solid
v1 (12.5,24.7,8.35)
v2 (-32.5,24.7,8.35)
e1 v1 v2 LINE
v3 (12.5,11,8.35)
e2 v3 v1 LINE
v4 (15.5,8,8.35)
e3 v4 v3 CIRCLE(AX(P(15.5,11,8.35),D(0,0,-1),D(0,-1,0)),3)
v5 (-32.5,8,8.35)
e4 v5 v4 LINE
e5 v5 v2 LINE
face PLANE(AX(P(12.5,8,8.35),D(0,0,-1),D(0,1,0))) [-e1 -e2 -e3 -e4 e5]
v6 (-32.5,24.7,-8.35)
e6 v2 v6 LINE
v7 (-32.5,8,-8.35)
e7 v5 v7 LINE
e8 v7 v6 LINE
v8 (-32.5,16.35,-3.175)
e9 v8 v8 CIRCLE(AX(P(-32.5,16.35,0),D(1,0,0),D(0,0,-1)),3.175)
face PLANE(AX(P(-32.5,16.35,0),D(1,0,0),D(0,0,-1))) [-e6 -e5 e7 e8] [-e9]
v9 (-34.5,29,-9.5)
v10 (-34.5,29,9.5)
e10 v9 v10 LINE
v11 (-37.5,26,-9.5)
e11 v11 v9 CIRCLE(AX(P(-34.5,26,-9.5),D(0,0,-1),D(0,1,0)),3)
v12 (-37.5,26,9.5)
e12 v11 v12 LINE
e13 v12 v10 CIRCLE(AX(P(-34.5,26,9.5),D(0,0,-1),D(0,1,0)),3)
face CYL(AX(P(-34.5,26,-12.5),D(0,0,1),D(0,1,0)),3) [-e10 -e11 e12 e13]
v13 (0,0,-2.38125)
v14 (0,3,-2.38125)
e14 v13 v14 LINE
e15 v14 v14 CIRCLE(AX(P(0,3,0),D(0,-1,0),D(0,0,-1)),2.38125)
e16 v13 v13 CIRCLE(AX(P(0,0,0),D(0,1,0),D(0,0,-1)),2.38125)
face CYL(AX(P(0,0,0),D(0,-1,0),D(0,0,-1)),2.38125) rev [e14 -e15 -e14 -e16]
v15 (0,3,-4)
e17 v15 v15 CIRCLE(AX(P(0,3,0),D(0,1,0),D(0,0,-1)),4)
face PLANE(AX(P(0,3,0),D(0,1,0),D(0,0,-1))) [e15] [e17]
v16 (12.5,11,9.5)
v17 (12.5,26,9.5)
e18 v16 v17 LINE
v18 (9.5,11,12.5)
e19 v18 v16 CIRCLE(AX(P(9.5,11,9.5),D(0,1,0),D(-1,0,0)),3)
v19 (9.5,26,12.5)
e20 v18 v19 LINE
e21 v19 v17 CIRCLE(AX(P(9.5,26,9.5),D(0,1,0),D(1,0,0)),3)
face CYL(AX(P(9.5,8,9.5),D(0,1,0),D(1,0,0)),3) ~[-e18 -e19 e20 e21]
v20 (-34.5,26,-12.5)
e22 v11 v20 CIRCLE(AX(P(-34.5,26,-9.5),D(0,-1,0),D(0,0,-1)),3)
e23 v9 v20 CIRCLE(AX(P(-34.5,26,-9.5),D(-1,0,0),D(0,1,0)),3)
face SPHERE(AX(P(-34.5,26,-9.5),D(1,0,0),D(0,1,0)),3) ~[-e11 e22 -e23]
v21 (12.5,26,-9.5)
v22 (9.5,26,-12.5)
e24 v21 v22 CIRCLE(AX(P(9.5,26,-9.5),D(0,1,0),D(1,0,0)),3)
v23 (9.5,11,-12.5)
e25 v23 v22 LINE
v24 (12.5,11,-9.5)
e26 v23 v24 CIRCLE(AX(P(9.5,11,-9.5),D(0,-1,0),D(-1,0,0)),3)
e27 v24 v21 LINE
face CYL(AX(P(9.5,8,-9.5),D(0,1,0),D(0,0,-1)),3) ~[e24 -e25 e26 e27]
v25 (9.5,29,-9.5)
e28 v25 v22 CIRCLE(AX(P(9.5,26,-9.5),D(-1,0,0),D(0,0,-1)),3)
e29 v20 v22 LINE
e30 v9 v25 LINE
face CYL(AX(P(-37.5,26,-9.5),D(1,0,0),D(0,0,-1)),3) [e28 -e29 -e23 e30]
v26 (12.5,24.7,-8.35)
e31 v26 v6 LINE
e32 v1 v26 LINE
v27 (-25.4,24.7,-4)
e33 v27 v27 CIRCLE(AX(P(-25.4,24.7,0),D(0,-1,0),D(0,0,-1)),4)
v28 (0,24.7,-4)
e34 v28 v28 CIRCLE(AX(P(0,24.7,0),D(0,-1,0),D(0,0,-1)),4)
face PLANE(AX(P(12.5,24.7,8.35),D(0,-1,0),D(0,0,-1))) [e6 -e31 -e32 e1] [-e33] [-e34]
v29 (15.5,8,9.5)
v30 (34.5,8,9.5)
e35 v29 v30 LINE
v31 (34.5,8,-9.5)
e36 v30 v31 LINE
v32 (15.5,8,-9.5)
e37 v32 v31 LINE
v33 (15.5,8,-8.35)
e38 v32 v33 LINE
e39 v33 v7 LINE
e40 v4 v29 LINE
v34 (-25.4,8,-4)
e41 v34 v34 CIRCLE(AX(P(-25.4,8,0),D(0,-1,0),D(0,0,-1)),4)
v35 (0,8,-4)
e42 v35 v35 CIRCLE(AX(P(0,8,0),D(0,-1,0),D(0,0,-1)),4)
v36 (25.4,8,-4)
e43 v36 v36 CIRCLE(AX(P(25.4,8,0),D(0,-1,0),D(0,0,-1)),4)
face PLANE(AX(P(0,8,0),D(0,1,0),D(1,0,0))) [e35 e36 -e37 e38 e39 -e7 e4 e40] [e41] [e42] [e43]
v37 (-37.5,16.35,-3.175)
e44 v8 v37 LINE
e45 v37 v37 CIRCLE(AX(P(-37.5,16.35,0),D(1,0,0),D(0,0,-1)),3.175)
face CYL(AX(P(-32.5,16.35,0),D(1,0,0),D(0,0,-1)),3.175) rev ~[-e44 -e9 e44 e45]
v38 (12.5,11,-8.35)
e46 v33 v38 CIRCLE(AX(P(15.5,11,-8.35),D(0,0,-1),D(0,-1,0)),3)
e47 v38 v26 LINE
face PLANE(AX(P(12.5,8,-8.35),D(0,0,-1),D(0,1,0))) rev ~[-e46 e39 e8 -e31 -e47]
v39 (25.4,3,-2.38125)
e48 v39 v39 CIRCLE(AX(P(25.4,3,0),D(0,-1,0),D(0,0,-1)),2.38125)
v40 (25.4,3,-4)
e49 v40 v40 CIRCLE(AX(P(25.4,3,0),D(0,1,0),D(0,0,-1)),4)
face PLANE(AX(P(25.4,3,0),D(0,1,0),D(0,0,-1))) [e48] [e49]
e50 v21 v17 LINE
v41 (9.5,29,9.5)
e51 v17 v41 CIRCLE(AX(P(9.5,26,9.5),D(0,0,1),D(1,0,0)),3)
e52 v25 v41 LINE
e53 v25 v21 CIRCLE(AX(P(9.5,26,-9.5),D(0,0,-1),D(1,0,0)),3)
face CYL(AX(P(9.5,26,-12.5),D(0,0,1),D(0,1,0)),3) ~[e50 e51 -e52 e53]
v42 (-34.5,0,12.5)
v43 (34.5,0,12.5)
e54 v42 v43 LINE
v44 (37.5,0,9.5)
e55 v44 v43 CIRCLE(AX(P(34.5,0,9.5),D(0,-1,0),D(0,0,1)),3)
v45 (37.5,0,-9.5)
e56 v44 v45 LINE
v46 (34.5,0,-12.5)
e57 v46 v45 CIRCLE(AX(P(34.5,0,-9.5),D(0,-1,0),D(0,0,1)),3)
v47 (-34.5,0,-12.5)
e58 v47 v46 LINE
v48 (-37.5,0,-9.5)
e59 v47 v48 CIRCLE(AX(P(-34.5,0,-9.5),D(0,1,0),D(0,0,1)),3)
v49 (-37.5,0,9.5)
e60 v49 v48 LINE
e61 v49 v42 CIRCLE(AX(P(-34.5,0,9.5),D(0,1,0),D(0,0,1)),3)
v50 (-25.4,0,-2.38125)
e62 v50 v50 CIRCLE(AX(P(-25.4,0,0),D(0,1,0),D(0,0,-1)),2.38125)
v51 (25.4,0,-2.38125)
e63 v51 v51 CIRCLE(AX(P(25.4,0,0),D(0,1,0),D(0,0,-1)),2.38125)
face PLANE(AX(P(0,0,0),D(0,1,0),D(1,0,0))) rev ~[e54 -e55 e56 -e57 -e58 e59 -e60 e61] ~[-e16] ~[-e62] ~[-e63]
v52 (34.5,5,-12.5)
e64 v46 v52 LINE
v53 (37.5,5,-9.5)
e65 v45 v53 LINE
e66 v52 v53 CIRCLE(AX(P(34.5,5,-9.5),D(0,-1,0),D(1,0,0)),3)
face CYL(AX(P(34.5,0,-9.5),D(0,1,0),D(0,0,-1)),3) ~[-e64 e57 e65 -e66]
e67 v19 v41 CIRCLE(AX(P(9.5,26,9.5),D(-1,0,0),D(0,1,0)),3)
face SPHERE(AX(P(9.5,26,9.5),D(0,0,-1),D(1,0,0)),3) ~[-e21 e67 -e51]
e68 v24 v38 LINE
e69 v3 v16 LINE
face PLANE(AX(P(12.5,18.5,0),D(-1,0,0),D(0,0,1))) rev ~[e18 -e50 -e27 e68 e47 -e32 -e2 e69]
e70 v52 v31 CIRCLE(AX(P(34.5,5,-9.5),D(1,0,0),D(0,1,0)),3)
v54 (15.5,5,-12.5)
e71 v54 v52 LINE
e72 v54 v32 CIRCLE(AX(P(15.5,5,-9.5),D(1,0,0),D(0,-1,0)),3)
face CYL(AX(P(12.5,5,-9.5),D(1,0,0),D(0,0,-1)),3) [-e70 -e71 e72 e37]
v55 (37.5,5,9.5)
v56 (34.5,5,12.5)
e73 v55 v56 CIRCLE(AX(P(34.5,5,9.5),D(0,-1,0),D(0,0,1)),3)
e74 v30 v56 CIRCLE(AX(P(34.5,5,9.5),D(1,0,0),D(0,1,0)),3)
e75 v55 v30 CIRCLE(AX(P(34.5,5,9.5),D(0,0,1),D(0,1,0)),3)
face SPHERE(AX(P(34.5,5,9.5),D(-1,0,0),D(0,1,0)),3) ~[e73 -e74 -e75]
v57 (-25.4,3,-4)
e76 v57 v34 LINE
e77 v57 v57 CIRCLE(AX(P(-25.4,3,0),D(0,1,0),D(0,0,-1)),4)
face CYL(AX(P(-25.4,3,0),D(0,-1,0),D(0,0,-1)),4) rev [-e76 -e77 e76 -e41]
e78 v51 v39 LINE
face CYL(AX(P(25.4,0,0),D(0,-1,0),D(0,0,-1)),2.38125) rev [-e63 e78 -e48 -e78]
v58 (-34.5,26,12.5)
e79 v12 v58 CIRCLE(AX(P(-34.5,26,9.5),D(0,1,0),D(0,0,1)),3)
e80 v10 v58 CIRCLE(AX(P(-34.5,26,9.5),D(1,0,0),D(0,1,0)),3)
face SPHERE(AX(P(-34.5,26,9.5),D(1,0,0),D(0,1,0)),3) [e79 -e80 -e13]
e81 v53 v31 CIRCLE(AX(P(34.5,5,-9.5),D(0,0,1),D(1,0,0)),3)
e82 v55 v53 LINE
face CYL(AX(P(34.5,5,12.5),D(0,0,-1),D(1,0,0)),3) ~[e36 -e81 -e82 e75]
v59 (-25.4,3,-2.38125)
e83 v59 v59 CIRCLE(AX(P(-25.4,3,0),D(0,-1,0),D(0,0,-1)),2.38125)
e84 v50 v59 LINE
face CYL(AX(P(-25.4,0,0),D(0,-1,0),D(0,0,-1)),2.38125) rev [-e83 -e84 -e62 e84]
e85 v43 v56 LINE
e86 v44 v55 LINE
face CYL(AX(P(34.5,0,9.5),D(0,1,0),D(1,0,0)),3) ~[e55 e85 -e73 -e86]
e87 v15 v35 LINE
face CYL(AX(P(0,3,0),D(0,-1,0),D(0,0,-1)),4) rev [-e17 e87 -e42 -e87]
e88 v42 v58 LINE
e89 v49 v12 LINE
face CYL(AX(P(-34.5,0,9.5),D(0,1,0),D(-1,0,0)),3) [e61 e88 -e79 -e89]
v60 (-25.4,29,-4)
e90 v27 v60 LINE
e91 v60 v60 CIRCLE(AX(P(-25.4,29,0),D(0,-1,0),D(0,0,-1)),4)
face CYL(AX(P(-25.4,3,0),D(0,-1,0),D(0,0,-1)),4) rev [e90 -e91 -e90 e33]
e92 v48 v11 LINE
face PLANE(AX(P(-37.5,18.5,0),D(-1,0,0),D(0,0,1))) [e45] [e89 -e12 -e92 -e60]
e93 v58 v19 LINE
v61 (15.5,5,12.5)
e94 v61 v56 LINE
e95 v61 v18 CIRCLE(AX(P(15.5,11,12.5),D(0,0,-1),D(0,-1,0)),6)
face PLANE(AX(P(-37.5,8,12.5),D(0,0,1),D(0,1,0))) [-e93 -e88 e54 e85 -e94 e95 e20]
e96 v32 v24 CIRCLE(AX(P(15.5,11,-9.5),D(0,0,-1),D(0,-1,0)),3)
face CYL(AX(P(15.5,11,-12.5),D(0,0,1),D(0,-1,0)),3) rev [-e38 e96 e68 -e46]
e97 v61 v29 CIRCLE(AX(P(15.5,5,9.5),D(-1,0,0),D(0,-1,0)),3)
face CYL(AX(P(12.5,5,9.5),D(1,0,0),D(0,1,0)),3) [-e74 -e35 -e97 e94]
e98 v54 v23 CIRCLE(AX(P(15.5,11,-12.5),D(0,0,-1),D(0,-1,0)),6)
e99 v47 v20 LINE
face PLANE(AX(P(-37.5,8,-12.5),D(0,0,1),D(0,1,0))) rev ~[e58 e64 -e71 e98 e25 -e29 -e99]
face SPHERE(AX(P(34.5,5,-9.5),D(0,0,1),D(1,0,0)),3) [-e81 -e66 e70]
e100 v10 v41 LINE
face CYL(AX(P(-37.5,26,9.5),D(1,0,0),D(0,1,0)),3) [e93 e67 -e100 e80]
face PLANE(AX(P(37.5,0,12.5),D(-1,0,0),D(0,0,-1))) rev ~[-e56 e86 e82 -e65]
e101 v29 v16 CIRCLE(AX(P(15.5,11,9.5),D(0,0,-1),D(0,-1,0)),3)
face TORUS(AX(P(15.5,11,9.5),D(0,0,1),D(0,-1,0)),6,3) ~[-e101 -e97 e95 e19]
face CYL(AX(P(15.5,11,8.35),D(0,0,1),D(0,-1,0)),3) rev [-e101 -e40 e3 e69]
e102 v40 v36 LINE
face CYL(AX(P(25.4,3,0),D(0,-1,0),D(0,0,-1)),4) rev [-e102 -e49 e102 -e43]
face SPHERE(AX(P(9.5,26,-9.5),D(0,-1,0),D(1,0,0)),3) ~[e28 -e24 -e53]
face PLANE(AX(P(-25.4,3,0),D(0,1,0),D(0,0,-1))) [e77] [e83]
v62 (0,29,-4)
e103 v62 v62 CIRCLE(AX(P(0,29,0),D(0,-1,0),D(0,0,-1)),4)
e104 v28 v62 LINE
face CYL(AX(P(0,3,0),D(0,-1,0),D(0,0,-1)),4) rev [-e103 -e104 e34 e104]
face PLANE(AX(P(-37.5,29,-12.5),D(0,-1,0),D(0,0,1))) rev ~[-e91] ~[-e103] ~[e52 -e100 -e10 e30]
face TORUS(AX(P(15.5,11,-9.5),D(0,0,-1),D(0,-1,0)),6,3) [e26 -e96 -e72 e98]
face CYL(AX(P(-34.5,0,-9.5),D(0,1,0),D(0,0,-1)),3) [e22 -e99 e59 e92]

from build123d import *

# Parameters (mm, degrees)
SKETCH1_W               = 75
SKETCH1_H               = 25
BOSS_EXTRUDE1_DEPTH     = 8
SKETCH5_W               = 25
SKETCH5_H               = 21
BOSS_EXTRUDE2_DEPTH     = 50
SKETCH7_W               = 16.7
SKETCH7_H               = 16.7
CUT_EXTRUDE3_DEPTH      = 45
SKETCH4_R               = 2.38125
CUT_EXTRUDE2_DEPTH      = 50.025503567
CUT_EXTRUDE1_DEPTH      = 45.760473635
CUT_EXTRUDE1_DEPTH_BACK = 5
SKETCH3_R               = 4
FILLET1_R               = 3
SKETCH8_R               = 3.175
CUT_EXTRUDE4_DEPTH      = 77.793554417


with BuildPart() as part:
    # Sketch1 → Boss-Extrude1 (new body)
    with BuildSketch(Plane(origin=(0, 0, 0), x_dir=(1, 0, 0), z_dir=(0, 1, 0))):
        Rectangle(SKETCH1_W, SKETCH1_H)
    extrude(amount=BOSS_EXTRUDE1_DEPTH)

    # Sketch5 → Boss-Extrude2 (add)
    with BuildSketch(Plane.ZY.offset(37.5)):
        with Locations((0, 18.5)):
            Rectangle(SKETCH5_W, SKETCH5_H)
    extrude(amount=-BOSS_EXTRUDE2_DEPTH)

    # Sketch7 → Cut-Extrude3 (cut)
    with BuildSketch(Plane(origin=(12.5, 0, 0), x_dir=(0, 0, -1), z_dir=(1, 0, 0))):
        with Locations((0, 16.35)):
            Rectangle(SKETCH7_W, SKETCH7_H)
    extrude(amount=-CUT_EXTRUDE3_DEPTH, mode=Mode.SUBTRACT)

    # Sketch4 → Cut-Extrude2 (cut, through all)
    with BuildSketch(Plane(origin=(0, 0, 0), x_dir=(1, 0, 0), z_dir=(0, 1, 0))):
        with Locations(Location((0, 0, 0), (0, 0, 90))):
            Circle(SKETCH4_R)
        with Locations(Location((25.4, 0, 0), (0, 0, 90))):
            Circle(SKETCH4_R)
        with Locations(Location((-25.4, 0, 0), (0, 0, 90))):
            Circle(SKETCH4_R)
    extrude(amount=CUT_EXTRUDE2_DEPTH, mode=Mode.SUBTRACT)

    # Sketch3 → Cut-Extrude1 (cut, two sides: drawn at the far end of the back side and taken through both)
    with BuildSketch(Plane(origin=(0, 8, 0), x_dir=(1, 0, 0), z_dir=(0, 1, 0)).offset(-CUT_EXTRUDE1_DEPTH_BACK)):
        with Locations(Location((0, 0, 0), (0, 0, 90))):
            Circle(SKETCH3_R)
        with Locations(Location((25.4, 0, 0), (0, 0, 90))):
            Circle(SKETCH3_R)
        with Locations(Location((-25.4, 0, 0), (0, 0, 90))):
            Circle(SKETCH3_R)
    extrude(amount=CUT_EXTRUDE1_DEPTH + CUT_EXTRUDE1_DEPTH_BACK, mode=Mode.SUBTRACT)

    # Fillet1
    fillet1_edges = [part.edges().sort_by_distance(p)[0] for p in [
        (25, 8, 12.5),
        (12.5, 18.5, -12.5),
        (12.5, 29, 0),
        (-12.5, 29, -12.5),
        (12.5, 18.5, 12.5),
        (-12.5, 29, 12.5),
        (12.5, 8, -10.425),
        (-37.5, 29, 0),
        (12.5, 8, 10.425),
        (37.5, 8, 0),
        (37.5, 4, 12.5),
        (-37.5, 14.5, 12.5),
        (-37.5, 14.5, -12.5),
        (37.5, 4, -12.5),
        (25, 8, -12.5),
    ]]
    fillet(fillet1_edges, radius=FILLET1_R)

    # Sketch8 → Cut-Extrude4 (cut, through all)
    with BuildSketch(Plane(origin=(-32.5, 0, 0), x_dir=(0, 0, -1), z_dir=(1, 0, 0))):
        with Locations((0, 16.35)):
            Circle(SKETCH8_R)
    extrude(amount=-CUT_EXTRUDE4_DEPTH, mode=Mode.SUBTRACT)


solid = part.part
